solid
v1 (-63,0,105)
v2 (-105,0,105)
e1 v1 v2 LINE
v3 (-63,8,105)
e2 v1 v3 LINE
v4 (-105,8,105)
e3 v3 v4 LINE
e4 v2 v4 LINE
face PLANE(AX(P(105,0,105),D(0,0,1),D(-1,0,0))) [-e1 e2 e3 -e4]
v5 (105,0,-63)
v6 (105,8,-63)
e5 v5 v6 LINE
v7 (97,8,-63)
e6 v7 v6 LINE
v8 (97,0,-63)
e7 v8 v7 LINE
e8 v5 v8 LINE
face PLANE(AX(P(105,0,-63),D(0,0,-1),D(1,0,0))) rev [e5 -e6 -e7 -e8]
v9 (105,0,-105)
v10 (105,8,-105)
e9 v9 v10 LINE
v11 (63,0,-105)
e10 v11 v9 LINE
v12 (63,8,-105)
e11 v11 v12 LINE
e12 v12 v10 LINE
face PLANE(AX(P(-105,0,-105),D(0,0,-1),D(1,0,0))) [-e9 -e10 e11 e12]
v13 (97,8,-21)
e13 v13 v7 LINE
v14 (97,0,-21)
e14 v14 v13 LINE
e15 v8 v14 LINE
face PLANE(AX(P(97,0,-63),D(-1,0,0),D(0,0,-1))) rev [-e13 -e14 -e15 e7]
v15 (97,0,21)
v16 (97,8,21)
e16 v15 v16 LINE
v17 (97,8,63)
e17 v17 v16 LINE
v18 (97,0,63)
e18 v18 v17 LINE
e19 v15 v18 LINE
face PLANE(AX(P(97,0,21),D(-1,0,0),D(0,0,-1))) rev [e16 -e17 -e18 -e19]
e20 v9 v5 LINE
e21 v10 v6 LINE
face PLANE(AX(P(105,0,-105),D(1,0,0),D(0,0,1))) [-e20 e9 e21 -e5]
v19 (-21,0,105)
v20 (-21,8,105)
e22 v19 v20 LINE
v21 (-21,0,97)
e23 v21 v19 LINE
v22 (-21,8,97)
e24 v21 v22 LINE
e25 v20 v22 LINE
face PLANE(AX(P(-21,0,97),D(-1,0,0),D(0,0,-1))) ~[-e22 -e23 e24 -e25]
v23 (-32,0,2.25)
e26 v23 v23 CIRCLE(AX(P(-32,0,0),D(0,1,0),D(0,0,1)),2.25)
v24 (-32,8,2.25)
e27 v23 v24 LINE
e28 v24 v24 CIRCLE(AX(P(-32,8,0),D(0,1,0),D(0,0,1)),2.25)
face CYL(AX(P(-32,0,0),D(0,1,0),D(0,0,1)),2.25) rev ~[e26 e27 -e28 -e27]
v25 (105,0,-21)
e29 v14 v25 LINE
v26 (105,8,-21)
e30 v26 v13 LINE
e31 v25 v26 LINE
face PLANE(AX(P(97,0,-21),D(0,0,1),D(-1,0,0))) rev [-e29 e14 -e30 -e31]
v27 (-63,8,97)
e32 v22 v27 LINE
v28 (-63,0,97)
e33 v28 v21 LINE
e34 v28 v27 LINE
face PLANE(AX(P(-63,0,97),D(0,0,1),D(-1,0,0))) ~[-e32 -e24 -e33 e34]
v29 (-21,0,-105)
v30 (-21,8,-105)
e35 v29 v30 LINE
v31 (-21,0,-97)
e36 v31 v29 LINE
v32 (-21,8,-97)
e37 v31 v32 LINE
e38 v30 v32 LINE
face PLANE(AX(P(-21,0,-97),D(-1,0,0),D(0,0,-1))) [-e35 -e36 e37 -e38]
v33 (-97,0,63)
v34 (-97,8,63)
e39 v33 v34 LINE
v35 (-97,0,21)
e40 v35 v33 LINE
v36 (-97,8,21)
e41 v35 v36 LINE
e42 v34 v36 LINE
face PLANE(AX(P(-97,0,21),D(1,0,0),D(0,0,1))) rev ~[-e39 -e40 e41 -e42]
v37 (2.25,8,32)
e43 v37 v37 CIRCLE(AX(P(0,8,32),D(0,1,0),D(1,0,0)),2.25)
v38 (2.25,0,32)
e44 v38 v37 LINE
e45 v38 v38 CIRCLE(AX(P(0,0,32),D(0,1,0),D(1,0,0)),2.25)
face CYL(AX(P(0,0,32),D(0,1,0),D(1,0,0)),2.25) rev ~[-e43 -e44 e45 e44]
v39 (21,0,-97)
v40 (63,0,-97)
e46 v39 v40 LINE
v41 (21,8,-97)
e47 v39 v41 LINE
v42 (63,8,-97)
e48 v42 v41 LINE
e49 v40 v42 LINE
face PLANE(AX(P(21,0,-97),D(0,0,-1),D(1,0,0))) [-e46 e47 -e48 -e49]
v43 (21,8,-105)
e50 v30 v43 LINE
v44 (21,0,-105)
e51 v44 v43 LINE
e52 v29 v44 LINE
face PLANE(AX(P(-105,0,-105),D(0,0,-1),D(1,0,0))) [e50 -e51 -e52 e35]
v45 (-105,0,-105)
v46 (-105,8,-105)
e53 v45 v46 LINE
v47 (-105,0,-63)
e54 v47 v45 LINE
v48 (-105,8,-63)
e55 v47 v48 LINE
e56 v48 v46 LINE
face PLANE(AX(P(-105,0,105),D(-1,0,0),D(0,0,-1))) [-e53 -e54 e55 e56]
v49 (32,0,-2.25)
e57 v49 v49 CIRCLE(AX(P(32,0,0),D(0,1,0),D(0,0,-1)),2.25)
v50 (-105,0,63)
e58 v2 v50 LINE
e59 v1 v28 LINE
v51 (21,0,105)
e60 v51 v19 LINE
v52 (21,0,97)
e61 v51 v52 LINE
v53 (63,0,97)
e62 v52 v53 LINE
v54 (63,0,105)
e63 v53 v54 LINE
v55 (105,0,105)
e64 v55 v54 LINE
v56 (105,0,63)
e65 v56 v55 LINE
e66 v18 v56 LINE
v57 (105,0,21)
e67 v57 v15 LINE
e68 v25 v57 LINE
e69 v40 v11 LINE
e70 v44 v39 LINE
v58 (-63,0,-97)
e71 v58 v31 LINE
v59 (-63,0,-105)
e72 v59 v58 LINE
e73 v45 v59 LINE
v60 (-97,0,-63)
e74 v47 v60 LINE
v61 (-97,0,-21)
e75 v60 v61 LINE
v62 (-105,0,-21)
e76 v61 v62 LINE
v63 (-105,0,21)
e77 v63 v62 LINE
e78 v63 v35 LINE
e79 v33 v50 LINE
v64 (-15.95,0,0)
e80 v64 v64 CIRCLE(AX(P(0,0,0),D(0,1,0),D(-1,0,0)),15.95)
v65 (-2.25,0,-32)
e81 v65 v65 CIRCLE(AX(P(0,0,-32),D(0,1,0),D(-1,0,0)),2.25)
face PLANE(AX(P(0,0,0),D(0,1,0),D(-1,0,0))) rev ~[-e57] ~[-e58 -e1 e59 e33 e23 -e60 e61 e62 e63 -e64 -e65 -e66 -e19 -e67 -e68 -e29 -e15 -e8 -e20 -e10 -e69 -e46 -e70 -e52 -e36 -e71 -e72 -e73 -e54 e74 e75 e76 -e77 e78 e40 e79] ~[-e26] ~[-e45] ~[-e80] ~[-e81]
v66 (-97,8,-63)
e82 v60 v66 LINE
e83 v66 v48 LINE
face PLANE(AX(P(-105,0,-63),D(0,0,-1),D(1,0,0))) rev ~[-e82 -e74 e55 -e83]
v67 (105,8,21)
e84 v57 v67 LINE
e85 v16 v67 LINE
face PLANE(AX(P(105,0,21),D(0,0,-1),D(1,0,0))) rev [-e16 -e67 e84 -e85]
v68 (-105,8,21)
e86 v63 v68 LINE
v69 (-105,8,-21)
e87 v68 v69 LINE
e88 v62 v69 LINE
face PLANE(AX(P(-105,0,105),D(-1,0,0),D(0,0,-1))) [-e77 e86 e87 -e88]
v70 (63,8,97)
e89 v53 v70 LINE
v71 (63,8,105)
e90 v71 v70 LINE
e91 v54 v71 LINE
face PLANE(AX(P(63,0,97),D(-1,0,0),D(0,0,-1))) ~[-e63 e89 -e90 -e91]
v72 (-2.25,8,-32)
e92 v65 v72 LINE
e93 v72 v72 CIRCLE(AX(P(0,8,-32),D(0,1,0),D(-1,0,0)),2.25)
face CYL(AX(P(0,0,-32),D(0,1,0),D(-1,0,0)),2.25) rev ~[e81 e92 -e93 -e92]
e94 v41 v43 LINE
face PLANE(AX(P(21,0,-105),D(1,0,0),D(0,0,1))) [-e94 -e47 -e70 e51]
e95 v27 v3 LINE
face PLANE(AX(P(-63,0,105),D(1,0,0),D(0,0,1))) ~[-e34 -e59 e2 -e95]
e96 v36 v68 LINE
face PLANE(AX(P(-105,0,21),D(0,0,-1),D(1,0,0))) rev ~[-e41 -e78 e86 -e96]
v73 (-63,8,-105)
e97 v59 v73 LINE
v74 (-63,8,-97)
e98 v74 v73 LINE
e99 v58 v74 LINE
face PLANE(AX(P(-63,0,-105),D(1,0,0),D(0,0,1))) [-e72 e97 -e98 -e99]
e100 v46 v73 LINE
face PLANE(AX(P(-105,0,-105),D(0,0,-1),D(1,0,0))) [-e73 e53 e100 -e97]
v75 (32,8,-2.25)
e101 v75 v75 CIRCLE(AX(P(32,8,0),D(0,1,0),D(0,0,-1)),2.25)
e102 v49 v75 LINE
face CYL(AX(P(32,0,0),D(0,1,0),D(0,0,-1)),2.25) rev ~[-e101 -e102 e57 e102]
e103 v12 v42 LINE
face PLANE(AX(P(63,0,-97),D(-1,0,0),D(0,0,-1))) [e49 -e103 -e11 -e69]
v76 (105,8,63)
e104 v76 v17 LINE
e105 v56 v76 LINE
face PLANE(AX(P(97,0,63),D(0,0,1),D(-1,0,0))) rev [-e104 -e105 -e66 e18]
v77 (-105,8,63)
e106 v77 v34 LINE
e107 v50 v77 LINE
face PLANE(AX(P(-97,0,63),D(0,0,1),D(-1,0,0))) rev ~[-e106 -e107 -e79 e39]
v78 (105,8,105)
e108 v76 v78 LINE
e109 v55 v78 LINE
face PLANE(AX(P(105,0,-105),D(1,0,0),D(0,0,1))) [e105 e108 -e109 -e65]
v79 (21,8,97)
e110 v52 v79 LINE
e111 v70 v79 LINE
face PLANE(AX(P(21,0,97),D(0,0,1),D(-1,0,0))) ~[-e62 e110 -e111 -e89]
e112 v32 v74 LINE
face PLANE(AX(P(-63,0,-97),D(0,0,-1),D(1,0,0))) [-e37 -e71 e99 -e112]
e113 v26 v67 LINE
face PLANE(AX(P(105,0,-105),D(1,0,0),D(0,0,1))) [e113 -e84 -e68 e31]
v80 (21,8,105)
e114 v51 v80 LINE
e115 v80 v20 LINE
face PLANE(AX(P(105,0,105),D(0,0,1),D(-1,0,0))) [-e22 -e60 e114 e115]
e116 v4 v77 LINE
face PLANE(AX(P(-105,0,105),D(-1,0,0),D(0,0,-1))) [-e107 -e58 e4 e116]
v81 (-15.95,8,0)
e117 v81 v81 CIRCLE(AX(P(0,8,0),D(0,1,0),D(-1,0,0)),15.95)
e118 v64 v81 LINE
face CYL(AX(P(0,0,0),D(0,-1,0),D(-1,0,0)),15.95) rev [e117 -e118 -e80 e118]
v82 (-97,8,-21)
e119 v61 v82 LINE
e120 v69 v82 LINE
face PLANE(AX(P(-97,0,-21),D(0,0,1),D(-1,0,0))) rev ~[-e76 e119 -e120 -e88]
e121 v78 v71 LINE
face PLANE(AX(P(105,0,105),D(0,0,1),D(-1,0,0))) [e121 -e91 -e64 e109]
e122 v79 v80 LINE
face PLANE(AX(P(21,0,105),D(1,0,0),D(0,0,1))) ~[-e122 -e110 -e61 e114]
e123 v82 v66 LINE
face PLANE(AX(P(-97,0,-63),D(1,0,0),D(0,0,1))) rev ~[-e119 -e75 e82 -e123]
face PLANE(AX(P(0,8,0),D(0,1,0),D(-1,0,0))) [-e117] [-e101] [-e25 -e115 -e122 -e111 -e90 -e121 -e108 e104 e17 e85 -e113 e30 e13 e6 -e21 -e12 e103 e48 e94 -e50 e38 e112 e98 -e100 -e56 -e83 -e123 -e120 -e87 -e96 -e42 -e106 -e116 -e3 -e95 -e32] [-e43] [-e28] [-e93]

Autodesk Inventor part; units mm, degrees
ref_plane "YZ Plane" through (0, 0, 0) normal (1, 0, 0) x (0, 1, 0)
ref_plane "XZ Plane" through (0, 0, 0) normal (0, 1, 0) x (-1, 0, 0)
ref_plane "XY Plane" through (0, 0, 0) normal (0, 0, 1) x (1, 0, 0)
sketch "Sketch2" plane through (0, 0, 0) normal (0, 1, 0) x (-1, 0, 0)
  line L0 (-105, 105) -> (105, 105)
  line L1 (105, 105) -> (105, -105)
  line L2 (105, -105) -> (-105, -105)
  line L3 (-105, -105) -> (-105, 105)
  line L4 (-105, 105) -> (105, -105) construction
  line L5 (105, 105) -> (-105, -105) construction
  circle A0 centre (0, 0) radius 15.95
  dimension "d11" = 210
  dimension "d12" = 210
  dimension "d13" = 31.9
extrude "Extrusion2" add sketch "Sketch2" along normal blind 8
sketch "Sketch3" plane through (0, 0, 0) normal (0, -1, 0) x (1, 0, 0)
  point P0 (0, 0)
  point P1 (32, 0)
  dimension "d16" = 32
hole "Hole1" at (32, 0, 0) direction (0, 1, 0) diameter 4.5 depth 8 tip angle 118
pattern_circular "Circular Pattern1" count 4 over 360 about axis through (0, 0, 0) along (0, 1, 0) of "Hole1"
sketch "Sketch4" plane through (0, 0, 0) normal (0, -1, 0) x (1, 0, 0)
  circle A0 centre (0, 32) radius 2.25 projected
  circle A1 centre (-32, 0) radius 2.25 projected
  circle A2 centre (0, -32) radius 2.25 projected
  circle A3 centre (32, 0) radius 2.25 projected
  circle A4 centre (0, 0) radius 15.95 projected
  line L0 (105, 105) -> (-105, 105) projected
  line L1 (-105, 105) -> (-105, -105) projected
  line L2 (-105, -105) -> (105, -105) projected
  line L3 (105, -105) -> (105, 105) projected
  line L4 (-105, -63) -> (-97, -63)
  line L5 (-97, -63) -> (-97, -21)
  line L6 (-97, -21) -> (-105, -21)
  line L7 (-105, -21) -> (-105, -63)
  line L8 (-105, 21) -> (-97, 21)
  line L9 (-97, 21) -> (-97, 63)
  line L10 (-97, 63) -> (-105, 63)
  line L11 (-105, 63) -> (-105, 21)
  line L12 (-97, -21) -> (-97, 21) construction
  line L13 (-97, 63) -> (-97, 105) construction
  line L14 (-97, -63) -> (-97, -105)
  dimension "d27" = 8
extrude "Extrusion3" cut sketch "Sketch4" against normal through all contours L10 L9 L8 L1 | L4 L1 L6 L5
sketch "Sketch5" plane through (0, 0, 0) normal (0, -1, 0) x (1, 0, 0)
  line L0 (-97, 21) -> (-105, 21) projected
  line L1 (-105, 21) -> (-105, -21) projected
  line L2 (-105, -21) -> (-97, -21) projected
  line L3 (-97, -21) -> (-97, -63) projected
  line L4 (-97, -63) -> (-105, -63) projected
  line L5 (-105, -63) -> (-105, -105) projected
  line L6 (-105, -105) -> (105, -105) projected
  line L7 (105, -105) -> (105, 105) projected
  line L8 (105, 105) -> (-105, 105) projected
  line L9 (-105, 105) -> (-105, 63) projected
  line L10 (-105, 63) -> (-97, 63) projected
  line L11 (-97, 63) -> (-97, 21) projected
  circle A0 centre (0, 32) radius 2.25 projected
  circle A1 centre (-32, 0) radius 2.25 projected
  circle A2 centre (0, -32) radius 2.25 projected
  circle A3 centre (32, 0) radius 2.25 projected
  circle A4 centre (0, 0) radius 15.95 projected
  line L12 (63, -105) -> (21, -105)
  line L13 (21, -105) -> (21, -97)
  line L14 (21, -97) -> (63, -97)
  line L15 (63, -97) -> (63, -105)
  line L16 (-21, -105) -> (-63, -105)
  line L17 (-63, -105) -> (-63, -97)
  line L18 (-63, -97) -> (-21, -97)
  line L19 (-21, -97) -> (-21, -105)
  line L20 (63, -97) -> (105, -97) construction
  line L21 (21, -97) -> (-21, -97) construction
  line L22 (-63, -97) -> (-105, -97) construction
  dimension "d31" = 8
extrude "Extrusion4" cut sketch "Sketch5" against normal through all contours L6 L13 L14 L15 | L17 L18 L19 L6
mirror "Mirror1" about plane through (0, 0, 0) normal (1, 0, 0) of "Extrusion3"
mirror "Mirror2" about plane through (0, 0, 0) normal (0, 0, 1) of "Extrusion4"
equation "\"d11\" = d12"
properties part number "M01 - Base Top" material "Polycarbonate, Clear"
